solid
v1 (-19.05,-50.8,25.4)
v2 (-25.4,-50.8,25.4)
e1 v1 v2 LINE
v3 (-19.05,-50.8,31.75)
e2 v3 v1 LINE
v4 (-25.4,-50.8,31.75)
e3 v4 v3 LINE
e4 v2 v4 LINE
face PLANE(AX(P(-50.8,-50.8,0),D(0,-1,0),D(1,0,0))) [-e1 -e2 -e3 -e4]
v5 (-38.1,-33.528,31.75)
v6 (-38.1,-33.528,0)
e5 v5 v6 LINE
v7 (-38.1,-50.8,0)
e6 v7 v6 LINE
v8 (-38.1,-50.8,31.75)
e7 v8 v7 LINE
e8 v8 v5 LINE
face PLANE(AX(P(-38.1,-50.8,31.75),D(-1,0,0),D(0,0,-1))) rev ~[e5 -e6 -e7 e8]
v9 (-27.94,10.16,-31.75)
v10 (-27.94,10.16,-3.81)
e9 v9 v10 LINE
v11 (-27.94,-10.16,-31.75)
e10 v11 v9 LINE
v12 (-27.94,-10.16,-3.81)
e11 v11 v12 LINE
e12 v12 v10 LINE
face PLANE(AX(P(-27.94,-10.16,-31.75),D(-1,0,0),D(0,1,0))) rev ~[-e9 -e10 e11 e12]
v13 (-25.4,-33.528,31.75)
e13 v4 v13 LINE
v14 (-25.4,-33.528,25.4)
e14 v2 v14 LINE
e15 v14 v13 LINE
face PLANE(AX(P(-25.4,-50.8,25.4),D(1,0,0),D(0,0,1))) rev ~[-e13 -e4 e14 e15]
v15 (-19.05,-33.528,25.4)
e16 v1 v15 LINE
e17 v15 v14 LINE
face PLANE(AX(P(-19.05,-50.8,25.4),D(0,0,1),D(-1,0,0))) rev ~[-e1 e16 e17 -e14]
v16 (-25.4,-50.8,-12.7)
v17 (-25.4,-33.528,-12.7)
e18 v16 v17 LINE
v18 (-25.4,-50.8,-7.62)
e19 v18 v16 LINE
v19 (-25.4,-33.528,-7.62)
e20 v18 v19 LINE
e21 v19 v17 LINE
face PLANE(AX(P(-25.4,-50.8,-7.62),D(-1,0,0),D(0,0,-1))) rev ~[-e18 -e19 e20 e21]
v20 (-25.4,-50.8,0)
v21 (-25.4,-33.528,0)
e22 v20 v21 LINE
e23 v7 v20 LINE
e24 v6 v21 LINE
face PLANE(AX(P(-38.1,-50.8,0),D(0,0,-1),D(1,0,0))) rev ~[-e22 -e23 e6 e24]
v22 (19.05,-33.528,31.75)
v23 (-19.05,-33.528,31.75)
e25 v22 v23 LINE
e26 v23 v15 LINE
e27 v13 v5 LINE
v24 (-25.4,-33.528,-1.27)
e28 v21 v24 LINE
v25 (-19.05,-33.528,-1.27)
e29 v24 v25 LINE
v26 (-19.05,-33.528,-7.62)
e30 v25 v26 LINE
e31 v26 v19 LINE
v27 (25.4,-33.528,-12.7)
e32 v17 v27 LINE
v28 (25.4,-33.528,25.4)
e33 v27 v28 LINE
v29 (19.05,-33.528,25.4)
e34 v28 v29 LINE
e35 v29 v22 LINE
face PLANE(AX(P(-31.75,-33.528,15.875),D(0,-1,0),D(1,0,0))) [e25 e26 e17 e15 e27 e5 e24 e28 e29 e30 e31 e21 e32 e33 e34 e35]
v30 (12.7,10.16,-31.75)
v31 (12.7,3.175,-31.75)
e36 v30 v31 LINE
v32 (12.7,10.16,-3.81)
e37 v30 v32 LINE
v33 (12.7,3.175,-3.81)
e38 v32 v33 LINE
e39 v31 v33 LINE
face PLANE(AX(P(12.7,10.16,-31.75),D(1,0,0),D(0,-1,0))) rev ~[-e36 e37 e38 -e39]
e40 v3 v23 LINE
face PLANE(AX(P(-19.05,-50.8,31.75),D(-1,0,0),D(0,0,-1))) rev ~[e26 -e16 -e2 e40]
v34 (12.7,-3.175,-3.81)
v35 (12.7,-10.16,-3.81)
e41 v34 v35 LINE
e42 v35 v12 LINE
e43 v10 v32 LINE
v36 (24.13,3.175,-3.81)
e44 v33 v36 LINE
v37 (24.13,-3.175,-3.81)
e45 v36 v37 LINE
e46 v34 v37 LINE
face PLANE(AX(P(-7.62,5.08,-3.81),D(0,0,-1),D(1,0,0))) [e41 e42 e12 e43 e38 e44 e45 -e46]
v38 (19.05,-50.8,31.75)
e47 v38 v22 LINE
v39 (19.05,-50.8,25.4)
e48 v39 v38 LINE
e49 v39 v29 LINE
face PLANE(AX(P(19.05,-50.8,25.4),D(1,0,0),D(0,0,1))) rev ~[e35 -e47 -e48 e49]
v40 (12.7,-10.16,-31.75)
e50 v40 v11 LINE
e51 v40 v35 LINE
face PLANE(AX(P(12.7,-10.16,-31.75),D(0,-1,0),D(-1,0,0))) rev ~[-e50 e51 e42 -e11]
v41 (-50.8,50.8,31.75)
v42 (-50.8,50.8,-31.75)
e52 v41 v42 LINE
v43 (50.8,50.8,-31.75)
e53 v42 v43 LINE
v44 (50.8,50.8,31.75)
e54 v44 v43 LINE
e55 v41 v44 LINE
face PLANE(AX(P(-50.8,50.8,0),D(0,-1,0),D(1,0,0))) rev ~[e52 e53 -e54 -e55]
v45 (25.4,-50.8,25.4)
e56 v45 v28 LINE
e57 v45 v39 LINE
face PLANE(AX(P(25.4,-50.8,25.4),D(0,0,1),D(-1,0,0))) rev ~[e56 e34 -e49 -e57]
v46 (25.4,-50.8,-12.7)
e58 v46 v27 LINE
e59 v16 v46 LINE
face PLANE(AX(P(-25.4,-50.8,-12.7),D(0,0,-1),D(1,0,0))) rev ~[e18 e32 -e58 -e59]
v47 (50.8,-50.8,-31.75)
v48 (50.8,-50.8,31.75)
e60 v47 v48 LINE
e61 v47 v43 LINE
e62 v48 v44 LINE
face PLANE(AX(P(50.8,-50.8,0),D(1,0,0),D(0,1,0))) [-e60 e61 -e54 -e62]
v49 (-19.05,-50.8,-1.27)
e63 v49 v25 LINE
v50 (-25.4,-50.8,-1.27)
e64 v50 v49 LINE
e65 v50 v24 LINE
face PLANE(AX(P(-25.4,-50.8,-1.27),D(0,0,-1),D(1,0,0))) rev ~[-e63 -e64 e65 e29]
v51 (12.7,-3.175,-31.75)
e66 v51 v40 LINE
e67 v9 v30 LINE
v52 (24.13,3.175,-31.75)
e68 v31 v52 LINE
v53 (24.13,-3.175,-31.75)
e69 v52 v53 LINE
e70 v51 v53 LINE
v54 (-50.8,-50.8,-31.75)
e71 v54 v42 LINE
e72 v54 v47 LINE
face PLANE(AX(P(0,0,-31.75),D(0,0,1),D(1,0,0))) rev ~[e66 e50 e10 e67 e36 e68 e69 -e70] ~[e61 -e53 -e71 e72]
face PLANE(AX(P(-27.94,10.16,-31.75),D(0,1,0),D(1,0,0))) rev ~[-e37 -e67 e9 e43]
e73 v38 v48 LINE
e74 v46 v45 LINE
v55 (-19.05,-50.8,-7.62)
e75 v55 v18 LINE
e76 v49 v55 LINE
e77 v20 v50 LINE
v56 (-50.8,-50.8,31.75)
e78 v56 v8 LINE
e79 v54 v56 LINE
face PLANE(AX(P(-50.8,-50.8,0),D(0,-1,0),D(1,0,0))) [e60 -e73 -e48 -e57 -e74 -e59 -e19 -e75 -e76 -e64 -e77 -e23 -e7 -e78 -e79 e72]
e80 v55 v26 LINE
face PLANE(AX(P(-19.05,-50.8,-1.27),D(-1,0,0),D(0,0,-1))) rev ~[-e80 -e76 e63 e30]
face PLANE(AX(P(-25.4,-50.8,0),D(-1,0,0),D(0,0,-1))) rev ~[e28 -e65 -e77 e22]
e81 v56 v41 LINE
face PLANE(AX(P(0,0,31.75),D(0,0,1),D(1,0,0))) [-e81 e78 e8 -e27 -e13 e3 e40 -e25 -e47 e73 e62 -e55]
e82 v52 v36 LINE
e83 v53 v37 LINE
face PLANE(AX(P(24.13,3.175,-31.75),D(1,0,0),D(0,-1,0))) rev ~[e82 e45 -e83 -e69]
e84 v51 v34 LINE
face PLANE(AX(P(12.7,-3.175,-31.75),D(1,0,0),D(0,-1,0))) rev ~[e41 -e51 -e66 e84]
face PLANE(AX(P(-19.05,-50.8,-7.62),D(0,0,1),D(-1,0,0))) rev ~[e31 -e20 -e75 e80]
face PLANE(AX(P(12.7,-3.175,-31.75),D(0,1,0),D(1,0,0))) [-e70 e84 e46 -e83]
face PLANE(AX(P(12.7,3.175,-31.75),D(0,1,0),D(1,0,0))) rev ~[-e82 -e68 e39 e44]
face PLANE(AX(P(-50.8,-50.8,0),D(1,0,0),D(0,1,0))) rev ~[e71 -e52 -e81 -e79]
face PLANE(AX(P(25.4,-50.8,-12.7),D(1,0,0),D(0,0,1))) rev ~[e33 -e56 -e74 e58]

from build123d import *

# Parameters (mm, degrees)
F0_W     = 101.6
F0_H     = 101.6
F1_DEPTH = 31.75
F2_W     = 11.43
F2_H     = 3.175
F3_DEPTH = 27.94
F4_W     = 25.4
F4_H     = 12.7
F5_DEPTH = 17.272


with BuildPart() as f1:
    # F0 (on Top) → F1 (new body, symmetric)
    with BuildSketch(Plane.XY):
        Rectangle(F0_W, F0_H)
    extrude(amount=F1_DEPTH, both=True)

    # F2 (on face) → F3 (cut)
    with BuildSketch(Plane(origin=(0, 0, -31.75), x_dir=(1, 0, 0), z_dir=(0, 0, -1))):
        Polygon((12.7, 0), (0, 0), (-27.94, 0), (-27.94, -10.16), (12.7, -10.16), (12.7, -3.175), align=None)
        Polygon((-27.94, 0), (0, 0), (12.7, 0), (12.7, 3.175), (12.7, 10.16), (-27.94, 10.16), align=None)
        with Locations((18.415, 1.5875)):
            Rectangle(F2_W, F2_H)
        with Locations((18.415, -1.5875)):
            Rectangle(F2_W, F2_H)
    extrude(amount=-F3_DEPTH, mode=Mode.SUBTRACT)

    # F4 (on face) → F5 (cut)
    with BuildSketch(Plane.XZ.offset(50.8)):
        Polygon((-38.1, 0), (-25.4, 0), (-25.4, 25.4), (-25.4, 31.75), (-38.1, 31.75), align=None)
        Polygon((-25.4, 0), (0, 0), (0, 31.75), (-19.05, 31.75), (-19.05, 25.4), (-25.4, 25.4), align=None)
        Polygon((0, 31.75), (0, 0), (25.4, 0), (25.4, 25.4), (19.05, 25.4), (19.05, 31.75), align=None)
        with Locations((12.7, -6.35)):
            Rectangle(F4_W, F4_H)
        Polygon((0, -12.7), (0, 0), (-25.4, 0), (-25.4, -1.27), (-19.05, -1.27), (-19.05, -7.62), (-25.4, -7.62), (-25.4, -12.7), align=None)
    extrude(amount=-F5_DEPTH, mode=Mode.SUBTRACT)


solid = f1.part
